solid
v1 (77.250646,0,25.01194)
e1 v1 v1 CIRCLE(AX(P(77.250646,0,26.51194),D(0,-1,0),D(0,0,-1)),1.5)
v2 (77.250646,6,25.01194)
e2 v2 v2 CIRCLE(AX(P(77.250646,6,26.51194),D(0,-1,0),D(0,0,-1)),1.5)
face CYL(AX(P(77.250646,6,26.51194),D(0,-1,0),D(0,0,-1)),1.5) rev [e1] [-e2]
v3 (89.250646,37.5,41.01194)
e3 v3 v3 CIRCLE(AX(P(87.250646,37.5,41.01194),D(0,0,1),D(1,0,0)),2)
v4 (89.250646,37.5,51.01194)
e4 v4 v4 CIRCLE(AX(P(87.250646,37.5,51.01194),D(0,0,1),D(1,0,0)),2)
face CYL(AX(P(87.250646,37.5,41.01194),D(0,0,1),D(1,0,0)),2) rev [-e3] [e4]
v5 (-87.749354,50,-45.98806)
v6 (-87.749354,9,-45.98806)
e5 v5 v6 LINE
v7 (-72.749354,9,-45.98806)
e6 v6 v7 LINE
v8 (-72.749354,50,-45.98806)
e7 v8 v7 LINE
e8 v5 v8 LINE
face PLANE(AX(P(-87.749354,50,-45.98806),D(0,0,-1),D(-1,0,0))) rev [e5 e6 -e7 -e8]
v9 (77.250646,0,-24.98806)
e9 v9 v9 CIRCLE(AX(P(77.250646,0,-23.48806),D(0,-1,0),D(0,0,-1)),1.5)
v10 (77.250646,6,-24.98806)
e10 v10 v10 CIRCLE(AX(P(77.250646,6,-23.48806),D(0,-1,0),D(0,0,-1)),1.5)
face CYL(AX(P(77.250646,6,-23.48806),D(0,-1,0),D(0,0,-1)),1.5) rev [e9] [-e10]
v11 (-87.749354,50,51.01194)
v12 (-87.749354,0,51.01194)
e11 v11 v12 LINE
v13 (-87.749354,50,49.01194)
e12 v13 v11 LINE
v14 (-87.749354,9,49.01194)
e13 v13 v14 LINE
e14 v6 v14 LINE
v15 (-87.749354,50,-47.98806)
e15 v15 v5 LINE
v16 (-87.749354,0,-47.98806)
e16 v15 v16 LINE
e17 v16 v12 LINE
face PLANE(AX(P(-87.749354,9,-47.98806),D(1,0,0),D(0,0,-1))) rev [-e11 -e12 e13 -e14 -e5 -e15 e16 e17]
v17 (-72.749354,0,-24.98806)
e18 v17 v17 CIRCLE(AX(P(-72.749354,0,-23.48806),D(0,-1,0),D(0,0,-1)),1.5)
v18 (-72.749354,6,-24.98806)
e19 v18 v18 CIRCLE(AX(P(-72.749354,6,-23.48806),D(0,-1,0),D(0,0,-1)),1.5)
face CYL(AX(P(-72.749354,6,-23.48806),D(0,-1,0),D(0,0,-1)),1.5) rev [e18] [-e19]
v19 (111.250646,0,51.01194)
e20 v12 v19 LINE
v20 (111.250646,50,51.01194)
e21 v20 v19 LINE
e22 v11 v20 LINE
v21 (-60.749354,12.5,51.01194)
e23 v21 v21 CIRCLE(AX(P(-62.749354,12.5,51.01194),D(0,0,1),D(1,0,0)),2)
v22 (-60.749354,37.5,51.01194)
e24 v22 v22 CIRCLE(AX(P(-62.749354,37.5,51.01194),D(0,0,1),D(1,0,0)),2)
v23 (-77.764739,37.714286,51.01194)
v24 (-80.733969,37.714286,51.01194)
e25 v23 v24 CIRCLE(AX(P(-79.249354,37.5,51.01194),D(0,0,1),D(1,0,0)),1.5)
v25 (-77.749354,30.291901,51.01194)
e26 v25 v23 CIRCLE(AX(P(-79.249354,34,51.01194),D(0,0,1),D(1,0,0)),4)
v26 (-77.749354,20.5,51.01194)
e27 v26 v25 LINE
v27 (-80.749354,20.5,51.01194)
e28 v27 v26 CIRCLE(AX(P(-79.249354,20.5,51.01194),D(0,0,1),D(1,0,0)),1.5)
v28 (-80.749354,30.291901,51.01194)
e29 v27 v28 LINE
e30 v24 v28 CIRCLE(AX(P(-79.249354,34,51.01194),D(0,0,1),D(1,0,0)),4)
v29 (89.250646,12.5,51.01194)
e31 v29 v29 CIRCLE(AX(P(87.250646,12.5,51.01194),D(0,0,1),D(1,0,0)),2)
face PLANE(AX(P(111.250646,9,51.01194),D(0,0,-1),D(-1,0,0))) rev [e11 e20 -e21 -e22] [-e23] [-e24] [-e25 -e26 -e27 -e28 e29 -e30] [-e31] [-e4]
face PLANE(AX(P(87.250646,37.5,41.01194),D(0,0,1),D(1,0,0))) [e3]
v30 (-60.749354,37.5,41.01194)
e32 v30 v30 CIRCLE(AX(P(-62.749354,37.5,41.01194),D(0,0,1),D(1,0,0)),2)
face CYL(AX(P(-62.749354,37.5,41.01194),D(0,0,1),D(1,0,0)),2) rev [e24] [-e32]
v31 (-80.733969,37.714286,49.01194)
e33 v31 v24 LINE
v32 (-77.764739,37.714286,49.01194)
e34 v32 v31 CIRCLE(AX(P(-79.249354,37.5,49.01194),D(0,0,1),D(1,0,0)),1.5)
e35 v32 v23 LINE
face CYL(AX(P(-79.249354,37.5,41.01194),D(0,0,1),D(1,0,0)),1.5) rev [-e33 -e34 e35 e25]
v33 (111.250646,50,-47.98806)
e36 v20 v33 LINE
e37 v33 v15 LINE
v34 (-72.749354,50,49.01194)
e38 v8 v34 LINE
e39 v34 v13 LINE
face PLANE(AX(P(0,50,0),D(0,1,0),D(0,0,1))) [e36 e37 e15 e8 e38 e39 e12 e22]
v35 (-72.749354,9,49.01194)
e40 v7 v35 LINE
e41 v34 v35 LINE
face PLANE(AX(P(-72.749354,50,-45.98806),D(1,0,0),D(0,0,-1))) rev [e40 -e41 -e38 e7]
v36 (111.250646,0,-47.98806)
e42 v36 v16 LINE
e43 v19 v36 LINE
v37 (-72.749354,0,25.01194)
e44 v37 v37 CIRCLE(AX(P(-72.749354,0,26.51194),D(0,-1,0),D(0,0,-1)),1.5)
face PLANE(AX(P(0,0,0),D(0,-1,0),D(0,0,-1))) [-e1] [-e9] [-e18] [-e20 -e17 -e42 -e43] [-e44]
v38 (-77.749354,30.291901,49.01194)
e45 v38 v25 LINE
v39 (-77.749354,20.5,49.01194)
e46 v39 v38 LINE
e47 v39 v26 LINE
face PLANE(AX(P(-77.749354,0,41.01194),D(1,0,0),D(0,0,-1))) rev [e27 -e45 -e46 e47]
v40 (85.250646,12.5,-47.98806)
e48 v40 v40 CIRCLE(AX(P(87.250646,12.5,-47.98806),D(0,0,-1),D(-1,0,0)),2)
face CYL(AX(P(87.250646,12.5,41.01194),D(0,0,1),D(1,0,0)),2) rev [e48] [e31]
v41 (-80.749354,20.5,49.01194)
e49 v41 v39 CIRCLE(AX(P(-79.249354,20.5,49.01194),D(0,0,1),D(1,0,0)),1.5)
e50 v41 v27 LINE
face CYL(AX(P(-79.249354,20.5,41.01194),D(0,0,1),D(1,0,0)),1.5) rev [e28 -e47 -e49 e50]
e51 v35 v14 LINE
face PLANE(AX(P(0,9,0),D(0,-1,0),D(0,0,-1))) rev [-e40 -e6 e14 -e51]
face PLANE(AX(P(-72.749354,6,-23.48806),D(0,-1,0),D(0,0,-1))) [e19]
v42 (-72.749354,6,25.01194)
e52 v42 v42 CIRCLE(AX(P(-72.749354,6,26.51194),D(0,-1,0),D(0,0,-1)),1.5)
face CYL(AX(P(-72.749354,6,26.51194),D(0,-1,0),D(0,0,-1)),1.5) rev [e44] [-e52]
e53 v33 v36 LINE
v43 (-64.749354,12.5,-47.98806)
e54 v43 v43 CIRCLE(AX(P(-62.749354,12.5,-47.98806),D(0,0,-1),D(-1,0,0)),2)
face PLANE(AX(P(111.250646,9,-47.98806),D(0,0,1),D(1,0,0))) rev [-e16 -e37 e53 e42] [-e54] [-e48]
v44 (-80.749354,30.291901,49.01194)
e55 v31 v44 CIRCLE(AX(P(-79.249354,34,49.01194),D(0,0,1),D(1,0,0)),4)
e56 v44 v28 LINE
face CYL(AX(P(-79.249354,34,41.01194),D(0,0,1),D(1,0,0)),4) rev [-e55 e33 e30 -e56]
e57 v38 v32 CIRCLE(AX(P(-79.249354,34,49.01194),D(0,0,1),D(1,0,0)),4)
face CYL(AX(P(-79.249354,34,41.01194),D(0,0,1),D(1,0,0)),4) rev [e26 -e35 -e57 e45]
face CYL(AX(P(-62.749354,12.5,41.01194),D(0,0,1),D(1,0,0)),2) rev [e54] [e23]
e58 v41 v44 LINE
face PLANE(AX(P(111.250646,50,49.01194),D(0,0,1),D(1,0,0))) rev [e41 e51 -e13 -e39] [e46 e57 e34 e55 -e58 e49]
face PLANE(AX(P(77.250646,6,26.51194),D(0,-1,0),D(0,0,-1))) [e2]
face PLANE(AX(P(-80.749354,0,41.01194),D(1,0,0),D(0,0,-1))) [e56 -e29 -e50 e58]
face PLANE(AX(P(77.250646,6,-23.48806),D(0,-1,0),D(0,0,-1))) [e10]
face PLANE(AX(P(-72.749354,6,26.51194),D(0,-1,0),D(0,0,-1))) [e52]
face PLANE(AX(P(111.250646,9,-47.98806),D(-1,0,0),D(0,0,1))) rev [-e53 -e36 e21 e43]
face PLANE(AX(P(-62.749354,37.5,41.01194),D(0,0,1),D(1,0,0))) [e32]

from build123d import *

# Parameters (mm, degrees)
SKETCH_1_W          = 199
SKETCH_1_H          = 99
EXTRUDE_1_DEPTH     = 9
SKETCH_2_W          = 199
SKETCH_2_H          = 2
EXTRUDE_2_DEPTH     = 41
SKETCH_4_W          = 199
SKETCH_4_H          = 2
EXTRUDE_3_DEPTH     = 41
SKETCH_5_W          = 184
SKETCH_5_H          = 95
EXTRUDE_4_DEPTH     = 41
SKETCH_6_R          = 2
CUT_EXTRUDE_2_DEPTH = 10
CUT_EXTRUDE_3_DEPTH = 10
SKETCH_10_R         = 2
CUT_EXTRUDE_4_DEPTH = 158.091394395
SKETCH_11_R         = 1.5
CUT_EXTRUDE_5_DEPTH = 6


with BuildPart() as part:
    # 草图1 → 凸台-拉伸1 (new body)
    with BuildSketch(Plane(origin=(0, 0, 0), x_dir=(1, 0, 0), z_dir=(0, 1, 0))):
        with Locations((11.750645809, -1.511939619)):
            Rectangle(SKETCH_1_W, SKETCH_1_H)
    extrude(amount=EXTRUDE_1_DEPTH)

    # 草图2 → 凸台-拉伸2 (add)
    with BuildSketch(Plane(origin=(0, 9, 0), x_dir=(1, 0, 0), z_dir=(0, 1, 0))):
        with Locations((11.750645809, -50.011939619)):
            Rectangle(SKETCH_2_W, SKETCH_2_H)
    extrude(amount=EXTRUDE_2_DEPTH)

    # 草图4 → 凸台-拉伸3 (add)
    with BuildSketch(Plane(origin=(0, 9, 0), x_dir=(1, 0, 0), z_dir=(0, 1, 0))):
        with Locations((11.750645809, 46.988060381)):
            Rectangle(SKETCH_4_W, SKETCH_4_H)
    extrude(amount=EXTRUDE_3_DEPTH)

    # 草图5 → 凸台-拉伸4 (add)
    with BuildSketch(Plane(origin=(0, 9, 0), x_dir=(1, 0, 0), z_dir=(0, 1, 0))):
        with Locations((19.250645809, -1.511939619)):
            Rectangle(SKETCH_5_W, SKETCH_5_H)
    extrude(amount=EXTRUDE_4_DEPTH)

    # 草图6 → 切除-拉伸2 (cut)
    with BuildSketch(Plane.XY.offset(51.011939619)):
        with Locations((87.250645809, 37.5)):
            Circle(SKETCH_6_R)
        with Locations((87.250645809, 12.5)):
            Circle(SKETCH_6_R)
        with Locations((-62.749354191, 12.5)):
            Circle(SKETCH_6_R)
        with Locations((-62.749354191, 37.5)):
            Circle(SKETCH_6_R)
    extrude(amount=-CUT_EXTRUDE_2_DEPTH, mode=Mode.SUBTRACT)

    # 草图8 → 切除-拉伸3 (cut)
    with BuildSketch(Plane.XY.offset(51.011939619)):
        with BuildLine():
            ThreePointArc((-77.764739213, 37.714285714), (-79.249354191, 39), (-80.733969169, 37.714285714))
            ThreePointArc((-80.733969169, 37.714285714), (-83.249345598, 34.00829113), (-80.749354191, 30.291900756))
            Line((-80.749354191, 30.291900756), (-80.749354191, 20.5))
            ThreePointArc((-80.749354191, 20.5), (-79.249354191, 19), (-77.749354191, 20.5))
            Line((-77.749354191, 20.5), (-77.749354191, 30.291900756))
            ThreePointArc((-77.749354191, 30.291900756), (-75.249362784, 34.00829113), (-77.764739213, 37.714285714))
        make_face()
    extrude(amount=-CUT_EXTRUDE_3_DEPTH, mode=Mode.SUBTRACT)

    # 草图10 → 切除-拉伸4 (cut, through all)
    with BuildSketch(Plane(origin=(0, 0, -47.988060381), x_dir=(-1, 0, 0), z_dir=(0, 0, -1))):
        with Locations(Location((62.749354191, 12.5, 0), (0, 0, 180))):
            Circle(SKETCH_10_R)
        with Locations(Location((-87.250645809, 12.5, 0), (0, 0, 180))):
            Circle(SKETCH_10_R)
    extrude(amount=-CUT_EXTRUDE_4_DEPTH, mode=Mode.SUBTRACT)

    # 草图11 → 切除-拉伸5 (cut)
    with BuildSketch(Plane(origin=(0, 0, 0), x_dir=(-1, 0, 0), z_dir=(0, -1, 0))):
        with Locations(Location((72.749354191, 23.488060381, 0), (0, 0, 90))):
            Circle(SKETCH_11_R)
        with Locations(Location((72.749354191, -26.511939619, 0), (0, 0, 90))):
            Circle(SKETCH_11_R)
        with Locations(Location((-77.250645809, 23.488060381, 0), (0, 0, 90))):
            Circle(SKETCH_11_R)
        with Locations(Location((-77.250645809, -26.511939619, 0), (0, 0, 90))):
            Circle(SKETCH_11_R)
    extrude(amount=-CUT_EXTRUDE_5_DEPTH, mode=Mode.SUBTRACT)


solid = part.part
